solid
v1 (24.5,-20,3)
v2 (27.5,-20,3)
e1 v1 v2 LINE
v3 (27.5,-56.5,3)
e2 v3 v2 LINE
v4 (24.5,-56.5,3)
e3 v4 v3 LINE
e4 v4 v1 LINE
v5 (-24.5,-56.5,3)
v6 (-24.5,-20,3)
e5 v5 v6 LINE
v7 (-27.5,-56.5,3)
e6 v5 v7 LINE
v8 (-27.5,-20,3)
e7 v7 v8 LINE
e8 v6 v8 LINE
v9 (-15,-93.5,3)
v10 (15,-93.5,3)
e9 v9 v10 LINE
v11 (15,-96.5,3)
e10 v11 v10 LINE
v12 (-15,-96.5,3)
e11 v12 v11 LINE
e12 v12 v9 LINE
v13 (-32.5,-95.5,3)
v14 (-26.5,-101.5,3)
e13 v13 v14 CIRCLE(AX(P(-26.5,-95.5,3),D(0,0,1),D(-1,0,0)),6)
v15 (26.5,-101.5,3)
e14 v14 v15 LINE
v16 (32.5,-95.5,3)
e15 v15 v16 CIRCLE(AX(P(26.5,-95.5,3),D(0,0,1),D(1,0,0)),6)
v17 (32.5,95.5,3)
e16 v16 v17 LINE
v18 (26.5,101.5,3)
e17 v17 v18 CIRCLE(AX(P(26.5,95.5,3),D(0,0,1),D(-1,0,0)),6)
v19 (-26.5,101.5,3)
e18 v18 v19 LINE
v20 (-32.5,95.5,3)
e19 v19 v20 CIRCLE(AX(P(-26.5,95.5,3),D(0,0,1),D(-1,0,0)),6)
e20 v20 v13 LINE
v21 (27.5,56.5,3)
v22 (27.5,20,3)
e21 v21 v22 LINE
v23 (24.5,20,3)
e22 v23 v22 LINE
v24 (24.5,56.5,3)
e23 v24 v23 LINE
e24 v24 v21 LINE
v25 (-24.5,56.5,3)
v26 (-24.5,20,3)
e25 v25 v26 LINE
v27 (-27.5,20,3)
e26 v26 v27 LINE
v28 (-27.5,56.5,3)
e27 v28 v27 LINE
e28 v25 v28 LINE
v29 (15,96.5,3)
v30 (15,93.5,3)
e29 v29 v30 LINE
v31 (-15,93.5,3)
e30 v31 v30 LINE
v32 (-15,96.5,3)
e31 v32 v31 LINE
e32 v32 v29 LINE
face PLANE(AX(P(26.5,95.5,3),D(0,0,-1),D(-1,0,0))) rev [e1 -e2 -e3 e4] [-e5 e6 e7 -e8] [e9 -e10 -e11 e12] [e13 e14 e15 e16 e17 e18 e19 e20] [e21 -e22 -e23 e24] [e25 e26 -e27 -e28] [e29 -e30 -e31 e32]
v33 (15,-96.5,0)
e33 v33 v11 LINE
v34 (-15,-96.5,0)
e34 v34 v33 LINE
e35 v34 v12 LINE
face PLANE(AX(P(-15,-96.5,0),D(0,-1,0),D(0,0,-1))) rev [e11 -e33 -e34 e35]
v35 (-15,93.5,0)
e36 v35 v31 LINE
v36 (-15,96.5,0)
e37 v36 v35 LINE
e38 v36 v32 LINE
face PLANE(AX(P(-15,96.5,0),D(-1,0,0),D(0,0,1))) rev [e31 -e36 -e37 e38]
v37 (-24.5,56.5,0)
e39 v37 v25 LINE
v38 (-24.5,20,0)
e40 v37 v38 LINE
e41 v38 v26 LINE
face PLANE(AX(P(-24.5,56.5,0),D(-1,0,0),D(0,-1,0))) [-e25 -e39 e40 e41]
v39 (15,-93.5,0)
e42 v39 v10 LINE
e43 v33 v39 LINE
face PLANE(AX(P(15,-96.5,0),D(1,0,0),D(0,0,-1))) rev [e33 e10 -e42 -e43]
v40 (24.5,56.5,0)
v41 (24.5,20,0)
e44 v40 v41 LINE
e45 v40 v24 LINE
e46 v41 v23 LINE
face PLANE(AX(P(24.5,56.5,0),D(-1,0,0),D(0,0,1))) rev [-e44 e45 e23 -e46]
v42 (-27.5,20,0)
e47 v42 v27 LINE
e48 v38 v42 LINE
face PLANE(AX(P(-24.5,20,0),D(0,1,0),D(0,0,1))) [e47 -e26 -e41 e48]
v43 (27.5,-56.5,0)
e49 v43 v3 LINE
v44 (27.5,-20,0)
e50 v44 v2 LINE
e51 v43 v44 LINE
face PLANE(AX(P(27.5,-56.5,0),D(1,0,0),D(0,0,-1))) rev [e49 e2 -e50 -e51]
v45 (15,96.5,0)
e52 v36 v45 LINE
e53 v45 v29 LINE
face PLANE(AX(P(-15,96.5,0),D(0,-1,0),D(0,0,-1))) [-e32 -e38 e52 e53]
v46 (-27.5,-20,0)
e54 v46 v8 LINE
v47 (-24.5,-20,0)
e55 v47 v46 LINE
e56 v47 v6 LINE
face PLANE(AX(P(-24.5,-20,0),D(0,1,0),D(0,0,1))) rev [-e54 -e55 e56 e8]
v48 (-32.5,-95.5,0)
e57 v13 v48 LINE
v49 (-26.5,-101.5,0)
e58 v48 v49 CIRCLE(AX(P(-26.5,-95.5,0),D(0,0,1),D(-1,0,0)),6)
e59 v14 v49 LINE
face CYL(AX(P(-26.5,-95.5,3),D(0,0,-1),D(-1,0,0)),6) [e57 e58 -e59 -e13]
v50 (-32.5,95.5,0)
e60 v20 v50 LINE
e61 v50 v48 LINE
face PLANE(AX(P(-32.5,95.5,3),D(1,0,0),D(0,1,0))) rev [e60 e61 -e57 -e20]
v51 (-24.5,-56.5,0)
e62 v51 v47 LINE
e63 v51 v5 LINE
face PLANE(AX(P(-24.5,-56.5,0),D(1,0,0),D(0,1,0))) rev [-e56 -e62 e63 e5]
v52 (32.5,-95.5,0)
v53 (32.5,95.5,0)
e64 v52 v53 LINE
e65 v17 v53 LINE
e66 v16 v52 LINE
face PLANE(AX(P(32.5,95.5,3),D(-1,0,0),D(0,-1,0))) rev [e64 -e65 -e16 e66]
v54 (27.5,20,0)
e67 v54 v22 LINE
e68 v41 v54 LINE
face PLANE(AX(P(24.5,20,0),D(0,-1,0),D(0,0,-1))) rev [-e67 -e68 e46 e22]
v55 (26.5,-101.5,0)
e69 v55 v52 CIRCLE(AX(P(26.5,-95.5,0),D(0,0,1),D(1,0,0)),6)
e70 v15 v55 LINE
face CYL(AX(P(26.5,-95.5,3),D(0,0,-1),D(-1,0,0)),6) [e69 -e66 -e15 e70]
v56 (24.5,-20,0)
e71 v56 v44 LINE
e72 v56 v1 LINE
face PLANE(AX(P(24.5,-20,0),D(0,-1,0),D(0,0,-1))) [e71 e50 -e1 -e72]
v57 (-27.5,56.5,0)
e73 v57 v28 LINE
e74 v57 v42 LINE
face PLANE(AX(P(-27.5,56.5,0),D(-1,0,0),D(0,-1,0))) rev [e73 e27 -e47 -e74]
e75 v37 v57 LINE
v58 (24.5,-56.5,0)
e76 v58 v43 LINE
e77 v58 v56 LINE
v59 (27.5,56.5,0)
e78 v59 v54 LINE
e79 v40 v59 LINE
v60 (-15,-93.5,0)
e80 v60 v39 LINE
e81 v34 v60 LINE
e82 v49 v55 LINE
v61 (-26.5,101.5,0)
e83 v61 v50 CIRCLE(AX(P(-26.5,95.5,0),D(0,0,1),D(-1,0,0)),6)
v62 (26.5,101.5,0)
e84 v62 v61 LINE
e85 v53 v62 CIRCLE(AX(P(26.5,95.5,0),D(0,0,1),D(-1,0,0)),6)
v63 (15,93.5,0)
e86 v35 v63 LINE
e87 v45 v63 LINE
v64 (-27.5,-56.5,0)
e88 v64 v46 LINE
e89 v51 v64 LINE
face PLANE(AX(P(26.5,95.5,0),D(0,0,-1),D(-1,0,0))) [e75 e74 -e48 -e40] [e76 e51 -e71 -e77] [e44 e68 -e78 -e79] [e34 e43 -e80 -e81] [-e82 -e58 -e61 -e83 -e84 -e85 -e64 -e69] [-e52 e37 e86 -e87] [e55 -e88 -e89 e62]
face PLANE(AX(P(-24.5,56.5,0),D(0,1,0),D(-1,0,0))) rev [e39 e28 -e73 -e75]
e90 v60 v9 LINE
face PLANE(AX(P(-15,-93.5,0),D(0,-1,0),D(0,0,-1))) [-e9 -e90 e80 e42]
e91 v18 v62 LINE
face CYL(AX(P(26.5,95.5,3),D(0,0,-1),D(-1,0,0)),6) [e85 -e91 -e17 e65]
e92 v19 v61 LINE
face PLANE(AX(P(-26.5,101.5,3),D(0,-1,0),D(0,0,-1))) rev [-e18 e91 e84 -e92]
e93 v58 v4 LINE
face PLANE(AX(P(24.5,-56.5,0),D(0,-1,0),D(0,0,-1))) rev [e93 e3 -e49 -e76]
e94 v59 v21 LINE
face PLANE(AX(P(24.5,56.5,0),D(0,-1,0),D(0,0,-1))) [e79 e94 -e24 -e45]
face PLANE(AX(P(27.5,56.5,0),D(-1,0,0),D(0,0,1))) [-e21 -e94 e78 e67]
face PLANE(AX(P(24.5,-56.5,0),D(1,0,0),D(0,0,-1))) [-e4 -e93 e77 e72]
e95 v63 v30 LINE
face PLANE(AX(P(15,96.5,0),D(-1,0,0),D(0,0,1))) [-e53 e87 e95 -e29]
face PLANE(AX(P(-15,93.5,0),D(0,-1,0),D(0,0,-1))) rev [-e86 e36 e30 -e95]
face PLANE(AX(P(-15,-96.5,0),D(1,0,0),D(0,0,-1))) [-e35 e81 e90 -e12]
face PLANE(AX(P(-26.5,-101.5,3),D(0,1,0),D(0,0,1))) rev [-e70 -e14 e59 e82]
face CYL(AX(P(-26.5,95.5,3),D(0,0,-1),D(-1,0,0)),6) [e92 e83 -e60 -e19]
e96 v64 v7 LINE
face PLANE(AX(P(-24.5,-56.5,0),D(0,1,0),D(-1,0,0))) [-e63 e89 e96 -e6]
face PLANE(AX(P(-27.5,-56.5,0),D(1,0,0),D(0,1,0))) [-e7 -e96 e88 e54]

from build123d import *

# Parameters (mm, degrees)
BOSS_EXTRUDE1_DEPTH = 3
SKETCH2_W           = 3
SKETCH2_H           = 36.5
SKETCH2_W_2         = 30
SKETCH2_H_2         = 3
CUT_EXTRUDE1_DEPTH  = 3


with BuildPart() as part:
    # Sketch1 → Boss-Extrude1 (new body)
    with BuildSketch(Plane.XY):
        with BuildLine():
            Line((-26.5, 101.5), (26.5, 101.5))
            ThreePointArc((26.5, 101.5), (30.742640687, 99.742640687), (32.5, 95.5))
            Line((32.5, 95.5), (32.5, -95.5))
            ThreePointArc((32.5, -95.5), (30.742640687, -99.742640687), (26.5, -101.5))
            Line((26.5, -101.5), (-26.5, -101.5))
            ThreePointArc((-26.5, -101.5), (-30.742640687, -99.742640687), (-32.5, -95.5))
            Line((-32.5, -95.5), (-32.5, 95.5))
            ThreePointArc((-32.5, 95.5), (-30.742640687, 99.742640687), (-26.5, 101.5))
        make_face()
    extrude(amount=BOSS_EXTRUDE1_DEPTH)

    # Sketch2 → Cut-Extrude1 (cut)
    with BuildSketch(Plane.XY.offset(3)):
        with Locations((26, -38.25)):
            Rectangle(SKETCH2_W, SKETCH2_H)
        with Locations((0, 95)):
            Rectangle(SKETCH2_W_2, SKETCH2_H_2)
        with Locations((26, 38.25)):
            Rectangle(SKETCH2_W, SKETCH2_H)
        with Locations((0, -95)):
            Rectangle(SKETCH2_W_2, SKETCH2_H_2)
        with Locations((-26, 38.25)):
            Rectangle(SKETCH2_W, SKETCH2_H)
        with Locations((-26, -38.25)):
            Rectangle(SKETCH2_W, SKETCH2_H)
    extrude(amount=-CUT_EXTRUDE1_DEPTH, mode=Mode.SUBTRACT)


solid = part.part
